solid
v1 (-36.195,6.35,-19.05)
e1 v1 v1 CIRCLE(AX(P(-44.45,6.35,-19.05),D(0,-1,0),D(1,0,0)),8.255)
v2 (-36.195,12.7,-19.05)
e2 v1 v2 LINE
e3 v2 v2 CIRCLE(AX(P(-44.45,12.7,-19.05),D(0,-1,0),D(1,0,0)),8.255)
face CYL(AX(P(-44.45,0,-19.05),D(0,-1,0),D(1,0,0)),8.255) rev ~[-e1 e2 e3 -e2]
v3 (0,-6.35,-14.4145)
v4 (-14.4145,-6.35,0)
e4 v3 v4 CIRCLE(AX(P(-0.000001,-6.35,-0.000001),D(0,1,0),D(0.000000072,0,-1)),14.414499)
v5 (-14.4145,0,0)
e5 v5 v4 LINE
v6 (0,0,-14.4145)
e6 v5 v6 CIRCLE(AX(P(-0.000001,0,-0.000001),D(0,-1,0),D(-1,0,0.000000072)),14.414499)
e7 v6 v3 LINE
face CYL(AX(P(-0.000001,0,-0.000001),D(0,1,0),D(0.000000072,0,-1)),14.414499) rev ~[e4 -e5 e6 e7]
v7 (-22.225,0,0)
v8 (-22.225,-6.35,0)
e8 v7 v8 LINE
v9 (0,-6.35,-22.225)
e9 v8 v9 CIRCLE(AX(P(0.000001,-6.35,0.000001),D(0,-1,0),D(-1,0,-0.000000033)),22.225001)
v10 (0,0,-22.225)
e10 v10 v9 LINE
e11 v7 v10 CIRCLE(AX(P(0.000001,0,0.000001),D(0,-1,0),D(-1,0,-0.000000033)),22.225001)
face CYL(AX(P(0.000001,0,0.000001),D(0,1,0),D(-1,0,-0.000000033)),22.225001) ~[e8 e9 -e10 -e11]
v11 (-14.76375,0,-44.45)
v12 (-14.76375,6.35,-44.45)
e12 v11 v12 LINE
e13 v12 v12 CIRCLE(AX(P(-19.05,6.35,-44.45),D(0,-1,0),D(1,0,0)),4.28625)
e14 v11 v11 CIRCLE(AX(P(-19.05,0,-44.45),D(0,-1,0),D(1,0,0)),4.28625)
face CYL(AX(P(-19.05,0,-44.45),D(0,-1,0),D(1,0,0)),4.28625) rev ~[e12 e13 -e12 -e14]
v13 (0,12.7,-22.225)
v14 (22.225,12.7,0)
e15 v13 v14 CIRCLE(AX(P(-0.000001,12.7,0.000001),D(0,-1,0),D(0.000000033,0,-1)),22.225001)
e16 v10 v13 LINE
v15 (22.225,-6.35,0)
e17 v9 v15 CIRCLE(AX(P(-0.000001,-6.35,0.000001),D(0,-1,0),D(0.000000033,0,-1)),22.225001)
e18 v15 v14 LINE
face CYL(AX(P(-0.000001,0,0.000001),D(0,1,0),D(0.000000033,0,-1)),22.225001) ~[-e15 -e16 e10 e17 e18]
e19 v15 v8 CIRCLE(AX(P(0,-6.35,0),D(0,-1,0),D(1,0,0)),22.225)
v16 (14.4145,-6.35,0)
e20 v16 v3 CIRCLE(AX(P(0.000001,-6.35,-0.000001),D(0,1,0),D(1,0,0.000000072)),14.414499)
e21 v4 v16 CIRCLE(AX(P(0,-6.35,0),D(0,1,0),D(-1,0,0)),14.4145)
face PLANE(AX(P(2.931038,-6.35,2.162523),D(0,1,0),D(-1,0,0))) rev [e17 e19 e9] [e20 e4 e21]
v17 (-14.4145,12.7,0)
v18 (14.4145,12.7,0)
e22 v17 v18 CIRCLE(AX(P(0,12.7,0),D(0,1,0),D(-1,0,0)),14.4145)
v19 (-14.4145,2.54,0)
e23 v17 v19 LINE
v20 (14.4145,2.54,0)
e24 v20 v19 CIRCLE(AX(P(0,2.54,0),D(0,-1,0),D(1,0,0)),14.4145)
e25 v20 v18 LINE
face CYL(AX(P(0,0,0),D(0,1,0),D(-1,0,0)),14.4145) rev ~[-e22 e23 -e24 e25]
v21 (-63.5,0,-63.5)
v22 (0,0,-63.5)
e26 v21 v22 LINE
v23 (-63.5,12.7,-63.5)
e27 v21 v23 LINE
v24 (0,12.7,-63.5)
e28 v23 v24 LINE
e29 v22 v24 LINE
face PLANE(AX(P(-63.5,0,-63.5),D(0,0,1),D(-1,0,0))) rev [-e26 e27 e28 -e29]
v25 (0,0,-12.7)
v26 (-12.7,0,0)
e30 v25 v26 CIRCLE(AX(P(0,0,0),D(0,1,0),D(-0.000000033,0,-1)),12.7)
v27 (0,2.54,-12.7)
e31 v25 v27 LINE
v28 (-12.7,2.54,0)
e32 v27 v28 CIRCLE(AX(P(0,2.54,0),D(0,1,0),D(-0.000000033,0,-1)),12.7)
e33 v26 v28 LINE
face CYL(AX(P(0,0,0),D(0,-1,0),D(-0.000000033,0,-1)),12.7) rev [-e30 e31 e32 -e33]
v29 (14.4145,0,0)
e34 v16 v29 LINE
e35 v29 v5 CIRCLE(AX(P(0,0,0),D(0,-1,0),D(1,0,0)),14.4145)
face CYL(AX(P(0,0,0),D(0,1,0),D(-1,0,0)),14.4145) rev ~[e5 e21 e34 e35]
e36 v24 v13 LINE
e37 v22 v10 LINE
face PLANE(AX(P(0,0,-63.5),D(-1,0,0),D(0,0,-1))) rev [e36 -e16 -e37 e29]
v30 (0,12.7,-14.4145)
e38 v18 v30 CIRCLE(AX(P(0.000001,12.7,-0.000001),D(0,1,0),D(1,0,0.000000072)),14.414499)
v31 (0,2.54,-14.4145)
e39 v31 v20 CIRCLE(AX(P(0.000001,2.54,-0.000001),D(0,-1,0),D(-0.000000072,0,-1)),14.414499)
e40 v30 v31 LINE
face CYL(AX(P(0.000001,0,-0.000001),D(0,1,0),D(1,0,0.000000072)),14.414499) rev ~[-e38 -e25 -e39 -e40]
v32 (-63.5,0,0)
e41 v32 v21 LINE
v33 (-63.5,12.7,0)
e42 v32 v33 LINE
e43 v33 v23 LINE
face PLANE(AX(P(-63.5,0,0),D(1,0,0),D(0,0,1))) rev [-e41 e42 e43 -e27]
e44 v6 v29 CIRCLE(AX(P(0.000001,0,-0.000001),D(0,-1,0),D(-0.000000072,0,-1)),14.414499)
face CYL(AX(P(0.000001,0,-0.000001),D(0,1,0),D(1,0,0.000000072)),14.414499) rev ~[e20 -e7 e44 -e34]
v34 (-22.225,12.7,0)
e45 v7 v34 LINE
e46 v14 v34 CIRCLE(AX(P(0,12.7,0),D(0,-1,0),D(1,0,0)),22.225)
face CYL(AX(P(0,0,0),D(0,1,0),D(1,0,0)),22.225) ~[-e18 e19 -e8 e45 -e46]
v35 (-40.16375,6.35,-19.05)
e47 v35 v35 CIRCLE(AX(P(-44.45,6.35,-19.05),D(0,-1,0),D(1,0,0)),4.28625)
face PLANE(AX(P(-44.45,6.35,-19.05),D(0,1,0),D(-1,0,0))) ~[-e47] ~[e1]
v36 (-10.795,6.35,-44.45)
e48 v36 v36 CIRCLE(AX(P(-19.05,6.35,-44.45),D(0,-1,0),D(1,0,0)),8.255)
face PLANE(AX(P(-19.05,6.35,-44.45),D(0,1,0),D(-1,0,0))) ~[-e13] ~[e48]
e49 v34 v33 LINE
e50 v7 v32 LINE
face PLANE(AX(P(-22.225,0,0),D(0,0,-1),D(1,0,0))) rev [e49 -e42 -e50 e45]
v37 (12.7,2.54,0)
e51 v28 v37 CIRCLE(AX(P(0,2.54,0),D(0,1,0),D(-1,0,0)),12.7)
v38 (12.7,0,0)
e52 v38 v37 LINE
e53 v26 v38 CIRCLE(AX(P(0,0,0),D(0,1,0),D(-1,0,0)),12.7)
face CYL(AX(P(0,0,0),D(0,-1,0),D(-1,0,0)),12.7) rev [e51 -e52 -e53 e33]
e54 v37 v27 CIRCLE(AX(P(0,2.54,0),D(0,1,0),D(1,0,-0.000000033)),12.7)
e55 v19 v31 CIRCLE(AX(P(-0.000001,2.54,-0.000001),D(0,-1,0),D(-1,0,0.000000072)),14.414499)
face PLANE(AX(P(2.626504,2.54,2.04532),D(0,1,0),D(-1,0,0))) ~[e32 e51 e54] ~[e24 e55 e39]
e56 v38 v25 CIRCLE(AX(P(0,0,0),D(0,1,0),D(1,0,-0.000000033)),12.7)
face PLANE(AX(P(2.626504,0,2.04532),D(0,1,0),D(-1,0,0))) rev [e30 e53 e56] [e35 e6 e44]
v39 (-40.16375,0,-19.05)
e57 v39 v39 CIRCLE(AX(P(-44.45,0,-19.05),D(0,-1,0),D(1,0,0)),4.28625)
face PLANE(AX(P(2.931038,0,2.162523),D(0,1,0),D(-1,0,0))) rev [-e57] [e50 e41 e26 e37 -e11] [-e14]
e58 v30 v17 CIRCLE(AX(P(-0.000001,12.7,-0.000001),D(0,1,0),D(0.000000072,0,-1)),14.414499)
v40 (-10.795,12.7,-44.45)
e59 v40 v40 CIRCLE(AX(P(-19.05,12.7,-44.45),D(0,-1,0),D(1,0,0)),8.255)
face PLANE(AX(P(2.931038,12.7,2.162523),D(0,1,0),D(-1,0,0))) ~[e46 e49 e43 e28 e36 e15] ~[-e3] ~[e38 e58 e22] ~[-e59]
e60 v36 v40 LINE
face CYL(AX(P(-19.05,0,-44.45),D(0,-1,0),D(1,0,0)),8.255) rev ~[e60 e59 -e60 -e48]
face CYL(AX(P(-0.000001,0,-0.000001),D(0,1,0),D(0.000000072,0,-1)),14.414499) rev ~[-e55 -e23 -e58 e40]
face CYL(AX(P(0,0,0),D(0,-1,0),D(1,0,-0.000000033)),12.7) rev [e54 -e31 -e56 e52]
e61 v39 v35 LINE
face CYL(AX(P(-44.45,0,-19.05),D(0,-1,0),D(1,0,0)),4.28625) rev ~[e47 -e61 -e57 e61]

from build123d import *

# Parameters (mm, degrees)
F0_R          = 8.255
F1_DEPTH      = 12.7
F0_R_2        = 4.28625
F2_DEPTH      = 6.35
F3_DEPTH      = 12.7
F3_DEPTH_BACK = 6.35
F4_DEPTH      = 2.54


with BuildPart() as f1:
    # F0 (on Front) → F1 (new body)
    with BuildSketch(Plane.XZ):
        with BuildLine():
            ThreePointArc((0, -22.225), (-15.715448, -15.715448), (-22.225, 0))
            Line((-22.225, 0), (-63.5, 0))
            Line((-63.5, 0), (-63.5, -63.5))
            Line((-63.5, -63.5), (0, -63.5))
            Line((0, -63.5), (0, -22.225))
        make_face()
        with Locations((-19.05, -44.45)):
            Circle(F0_R, mode=Mode.SUBTRACT)
        with Locations((-44.45, -19.05)):
            Circle(F0_R, mode=Mode.SUBTRACT)
    extrude(amount=F1_DEPTH)

    # F0 (on Front) → F2 (join)
    with BuildSketch(Plane.XZ):
        with Locations((-44.45, -19.05)):
            Circle(F0_R)
        with Locations((-44.45, -19.05)):
            Circle(F0_R_2, mode=Mode.SUBTRACT)
        with Locations((-19.05, -44.45)):
            Circle(F0_R)
        with Locations((-19.05, -44.45)):
            Circle(F0_R_2, mode=Mode.SUBTRACT)
    extrude(amount=F2_DEPTH)

    # F0 (on Front) → F3 (join, two sides)
    with BuildSketch(Plane.XZ) as f3_sk:
        with BuildLine():
            ThreePointArc((-14.4145, 0), (0, 14.4145), (14.4145, 0))
            ThreePointArc((14.4145, 0), (10.192591, -10.192591), (0, -14.4145))
            Line((0, -14.4145), (0, -22.225))
            ThreePointArc((0, -22.225), (15.715448, -15.715448), (22.225, 0))
            ThreePointArc((22.225, 0), (0, 22.225), (-22.225, 0))
            Line((-22.225, 0), (-14.4145, 0))
        make_face()
        with BuildLine():
            ThreePointArc((0, -14.4145), (-10.192591, -10.192591), (-14.4145, 0))
            Line((-14.4145, 0), (-22.225, 0))
            ThreePointArc((-22.225, 0), (-15.715448, -15.715448), (0, -22.225))
            Line((0, -22.225), (0, -14.4145))
        make_face()
    extrude(amount=F3_DEPTH)
    extrude(f3_sk.sketch, amount=-F3_DEPTH_BACK)

    # F0 (on Front) → F4 (join)
    with BuildSketch(Plane.XZ):
        with BuildLine():
            ThreePointArc((0, -14.4145), (10.192591, -10.192591), (14.4145, 0))
            ThreePointArc((14.4145, 0), (0, 14.4145), (-14.4145, 0))
            Line((-14.4145, 0), (-12.7, 0))
            ThreePointArc((-12.7, 0), (0, 12.7), (12.7, 0))
            ThreePointArc((12.7, 0), (8.980256, -8.980256), (0, -12.7))
            Line((0, -12.7), (0, -14.4145))
        make_face()
        with BuildLine():
            Line((-12.7, 0), (-14.4145, 0))
            ThreePointArc((-14.4145, 0), (-10.192591, -10.192591), (0, -14.4145))
            Line((0, -14.4145), (0, -12.7))
            ThreePointArc((0, -12.7), (-8.980256, -8.980256), (-12.7, 0))
        make_face()
    extrude(amount=F4_DEPTH)


with BuildPart() as f5_1:
    # F5: instance of F1
    add(f1.part.mirror(Plane.XZ))


solid = f5_1.part
